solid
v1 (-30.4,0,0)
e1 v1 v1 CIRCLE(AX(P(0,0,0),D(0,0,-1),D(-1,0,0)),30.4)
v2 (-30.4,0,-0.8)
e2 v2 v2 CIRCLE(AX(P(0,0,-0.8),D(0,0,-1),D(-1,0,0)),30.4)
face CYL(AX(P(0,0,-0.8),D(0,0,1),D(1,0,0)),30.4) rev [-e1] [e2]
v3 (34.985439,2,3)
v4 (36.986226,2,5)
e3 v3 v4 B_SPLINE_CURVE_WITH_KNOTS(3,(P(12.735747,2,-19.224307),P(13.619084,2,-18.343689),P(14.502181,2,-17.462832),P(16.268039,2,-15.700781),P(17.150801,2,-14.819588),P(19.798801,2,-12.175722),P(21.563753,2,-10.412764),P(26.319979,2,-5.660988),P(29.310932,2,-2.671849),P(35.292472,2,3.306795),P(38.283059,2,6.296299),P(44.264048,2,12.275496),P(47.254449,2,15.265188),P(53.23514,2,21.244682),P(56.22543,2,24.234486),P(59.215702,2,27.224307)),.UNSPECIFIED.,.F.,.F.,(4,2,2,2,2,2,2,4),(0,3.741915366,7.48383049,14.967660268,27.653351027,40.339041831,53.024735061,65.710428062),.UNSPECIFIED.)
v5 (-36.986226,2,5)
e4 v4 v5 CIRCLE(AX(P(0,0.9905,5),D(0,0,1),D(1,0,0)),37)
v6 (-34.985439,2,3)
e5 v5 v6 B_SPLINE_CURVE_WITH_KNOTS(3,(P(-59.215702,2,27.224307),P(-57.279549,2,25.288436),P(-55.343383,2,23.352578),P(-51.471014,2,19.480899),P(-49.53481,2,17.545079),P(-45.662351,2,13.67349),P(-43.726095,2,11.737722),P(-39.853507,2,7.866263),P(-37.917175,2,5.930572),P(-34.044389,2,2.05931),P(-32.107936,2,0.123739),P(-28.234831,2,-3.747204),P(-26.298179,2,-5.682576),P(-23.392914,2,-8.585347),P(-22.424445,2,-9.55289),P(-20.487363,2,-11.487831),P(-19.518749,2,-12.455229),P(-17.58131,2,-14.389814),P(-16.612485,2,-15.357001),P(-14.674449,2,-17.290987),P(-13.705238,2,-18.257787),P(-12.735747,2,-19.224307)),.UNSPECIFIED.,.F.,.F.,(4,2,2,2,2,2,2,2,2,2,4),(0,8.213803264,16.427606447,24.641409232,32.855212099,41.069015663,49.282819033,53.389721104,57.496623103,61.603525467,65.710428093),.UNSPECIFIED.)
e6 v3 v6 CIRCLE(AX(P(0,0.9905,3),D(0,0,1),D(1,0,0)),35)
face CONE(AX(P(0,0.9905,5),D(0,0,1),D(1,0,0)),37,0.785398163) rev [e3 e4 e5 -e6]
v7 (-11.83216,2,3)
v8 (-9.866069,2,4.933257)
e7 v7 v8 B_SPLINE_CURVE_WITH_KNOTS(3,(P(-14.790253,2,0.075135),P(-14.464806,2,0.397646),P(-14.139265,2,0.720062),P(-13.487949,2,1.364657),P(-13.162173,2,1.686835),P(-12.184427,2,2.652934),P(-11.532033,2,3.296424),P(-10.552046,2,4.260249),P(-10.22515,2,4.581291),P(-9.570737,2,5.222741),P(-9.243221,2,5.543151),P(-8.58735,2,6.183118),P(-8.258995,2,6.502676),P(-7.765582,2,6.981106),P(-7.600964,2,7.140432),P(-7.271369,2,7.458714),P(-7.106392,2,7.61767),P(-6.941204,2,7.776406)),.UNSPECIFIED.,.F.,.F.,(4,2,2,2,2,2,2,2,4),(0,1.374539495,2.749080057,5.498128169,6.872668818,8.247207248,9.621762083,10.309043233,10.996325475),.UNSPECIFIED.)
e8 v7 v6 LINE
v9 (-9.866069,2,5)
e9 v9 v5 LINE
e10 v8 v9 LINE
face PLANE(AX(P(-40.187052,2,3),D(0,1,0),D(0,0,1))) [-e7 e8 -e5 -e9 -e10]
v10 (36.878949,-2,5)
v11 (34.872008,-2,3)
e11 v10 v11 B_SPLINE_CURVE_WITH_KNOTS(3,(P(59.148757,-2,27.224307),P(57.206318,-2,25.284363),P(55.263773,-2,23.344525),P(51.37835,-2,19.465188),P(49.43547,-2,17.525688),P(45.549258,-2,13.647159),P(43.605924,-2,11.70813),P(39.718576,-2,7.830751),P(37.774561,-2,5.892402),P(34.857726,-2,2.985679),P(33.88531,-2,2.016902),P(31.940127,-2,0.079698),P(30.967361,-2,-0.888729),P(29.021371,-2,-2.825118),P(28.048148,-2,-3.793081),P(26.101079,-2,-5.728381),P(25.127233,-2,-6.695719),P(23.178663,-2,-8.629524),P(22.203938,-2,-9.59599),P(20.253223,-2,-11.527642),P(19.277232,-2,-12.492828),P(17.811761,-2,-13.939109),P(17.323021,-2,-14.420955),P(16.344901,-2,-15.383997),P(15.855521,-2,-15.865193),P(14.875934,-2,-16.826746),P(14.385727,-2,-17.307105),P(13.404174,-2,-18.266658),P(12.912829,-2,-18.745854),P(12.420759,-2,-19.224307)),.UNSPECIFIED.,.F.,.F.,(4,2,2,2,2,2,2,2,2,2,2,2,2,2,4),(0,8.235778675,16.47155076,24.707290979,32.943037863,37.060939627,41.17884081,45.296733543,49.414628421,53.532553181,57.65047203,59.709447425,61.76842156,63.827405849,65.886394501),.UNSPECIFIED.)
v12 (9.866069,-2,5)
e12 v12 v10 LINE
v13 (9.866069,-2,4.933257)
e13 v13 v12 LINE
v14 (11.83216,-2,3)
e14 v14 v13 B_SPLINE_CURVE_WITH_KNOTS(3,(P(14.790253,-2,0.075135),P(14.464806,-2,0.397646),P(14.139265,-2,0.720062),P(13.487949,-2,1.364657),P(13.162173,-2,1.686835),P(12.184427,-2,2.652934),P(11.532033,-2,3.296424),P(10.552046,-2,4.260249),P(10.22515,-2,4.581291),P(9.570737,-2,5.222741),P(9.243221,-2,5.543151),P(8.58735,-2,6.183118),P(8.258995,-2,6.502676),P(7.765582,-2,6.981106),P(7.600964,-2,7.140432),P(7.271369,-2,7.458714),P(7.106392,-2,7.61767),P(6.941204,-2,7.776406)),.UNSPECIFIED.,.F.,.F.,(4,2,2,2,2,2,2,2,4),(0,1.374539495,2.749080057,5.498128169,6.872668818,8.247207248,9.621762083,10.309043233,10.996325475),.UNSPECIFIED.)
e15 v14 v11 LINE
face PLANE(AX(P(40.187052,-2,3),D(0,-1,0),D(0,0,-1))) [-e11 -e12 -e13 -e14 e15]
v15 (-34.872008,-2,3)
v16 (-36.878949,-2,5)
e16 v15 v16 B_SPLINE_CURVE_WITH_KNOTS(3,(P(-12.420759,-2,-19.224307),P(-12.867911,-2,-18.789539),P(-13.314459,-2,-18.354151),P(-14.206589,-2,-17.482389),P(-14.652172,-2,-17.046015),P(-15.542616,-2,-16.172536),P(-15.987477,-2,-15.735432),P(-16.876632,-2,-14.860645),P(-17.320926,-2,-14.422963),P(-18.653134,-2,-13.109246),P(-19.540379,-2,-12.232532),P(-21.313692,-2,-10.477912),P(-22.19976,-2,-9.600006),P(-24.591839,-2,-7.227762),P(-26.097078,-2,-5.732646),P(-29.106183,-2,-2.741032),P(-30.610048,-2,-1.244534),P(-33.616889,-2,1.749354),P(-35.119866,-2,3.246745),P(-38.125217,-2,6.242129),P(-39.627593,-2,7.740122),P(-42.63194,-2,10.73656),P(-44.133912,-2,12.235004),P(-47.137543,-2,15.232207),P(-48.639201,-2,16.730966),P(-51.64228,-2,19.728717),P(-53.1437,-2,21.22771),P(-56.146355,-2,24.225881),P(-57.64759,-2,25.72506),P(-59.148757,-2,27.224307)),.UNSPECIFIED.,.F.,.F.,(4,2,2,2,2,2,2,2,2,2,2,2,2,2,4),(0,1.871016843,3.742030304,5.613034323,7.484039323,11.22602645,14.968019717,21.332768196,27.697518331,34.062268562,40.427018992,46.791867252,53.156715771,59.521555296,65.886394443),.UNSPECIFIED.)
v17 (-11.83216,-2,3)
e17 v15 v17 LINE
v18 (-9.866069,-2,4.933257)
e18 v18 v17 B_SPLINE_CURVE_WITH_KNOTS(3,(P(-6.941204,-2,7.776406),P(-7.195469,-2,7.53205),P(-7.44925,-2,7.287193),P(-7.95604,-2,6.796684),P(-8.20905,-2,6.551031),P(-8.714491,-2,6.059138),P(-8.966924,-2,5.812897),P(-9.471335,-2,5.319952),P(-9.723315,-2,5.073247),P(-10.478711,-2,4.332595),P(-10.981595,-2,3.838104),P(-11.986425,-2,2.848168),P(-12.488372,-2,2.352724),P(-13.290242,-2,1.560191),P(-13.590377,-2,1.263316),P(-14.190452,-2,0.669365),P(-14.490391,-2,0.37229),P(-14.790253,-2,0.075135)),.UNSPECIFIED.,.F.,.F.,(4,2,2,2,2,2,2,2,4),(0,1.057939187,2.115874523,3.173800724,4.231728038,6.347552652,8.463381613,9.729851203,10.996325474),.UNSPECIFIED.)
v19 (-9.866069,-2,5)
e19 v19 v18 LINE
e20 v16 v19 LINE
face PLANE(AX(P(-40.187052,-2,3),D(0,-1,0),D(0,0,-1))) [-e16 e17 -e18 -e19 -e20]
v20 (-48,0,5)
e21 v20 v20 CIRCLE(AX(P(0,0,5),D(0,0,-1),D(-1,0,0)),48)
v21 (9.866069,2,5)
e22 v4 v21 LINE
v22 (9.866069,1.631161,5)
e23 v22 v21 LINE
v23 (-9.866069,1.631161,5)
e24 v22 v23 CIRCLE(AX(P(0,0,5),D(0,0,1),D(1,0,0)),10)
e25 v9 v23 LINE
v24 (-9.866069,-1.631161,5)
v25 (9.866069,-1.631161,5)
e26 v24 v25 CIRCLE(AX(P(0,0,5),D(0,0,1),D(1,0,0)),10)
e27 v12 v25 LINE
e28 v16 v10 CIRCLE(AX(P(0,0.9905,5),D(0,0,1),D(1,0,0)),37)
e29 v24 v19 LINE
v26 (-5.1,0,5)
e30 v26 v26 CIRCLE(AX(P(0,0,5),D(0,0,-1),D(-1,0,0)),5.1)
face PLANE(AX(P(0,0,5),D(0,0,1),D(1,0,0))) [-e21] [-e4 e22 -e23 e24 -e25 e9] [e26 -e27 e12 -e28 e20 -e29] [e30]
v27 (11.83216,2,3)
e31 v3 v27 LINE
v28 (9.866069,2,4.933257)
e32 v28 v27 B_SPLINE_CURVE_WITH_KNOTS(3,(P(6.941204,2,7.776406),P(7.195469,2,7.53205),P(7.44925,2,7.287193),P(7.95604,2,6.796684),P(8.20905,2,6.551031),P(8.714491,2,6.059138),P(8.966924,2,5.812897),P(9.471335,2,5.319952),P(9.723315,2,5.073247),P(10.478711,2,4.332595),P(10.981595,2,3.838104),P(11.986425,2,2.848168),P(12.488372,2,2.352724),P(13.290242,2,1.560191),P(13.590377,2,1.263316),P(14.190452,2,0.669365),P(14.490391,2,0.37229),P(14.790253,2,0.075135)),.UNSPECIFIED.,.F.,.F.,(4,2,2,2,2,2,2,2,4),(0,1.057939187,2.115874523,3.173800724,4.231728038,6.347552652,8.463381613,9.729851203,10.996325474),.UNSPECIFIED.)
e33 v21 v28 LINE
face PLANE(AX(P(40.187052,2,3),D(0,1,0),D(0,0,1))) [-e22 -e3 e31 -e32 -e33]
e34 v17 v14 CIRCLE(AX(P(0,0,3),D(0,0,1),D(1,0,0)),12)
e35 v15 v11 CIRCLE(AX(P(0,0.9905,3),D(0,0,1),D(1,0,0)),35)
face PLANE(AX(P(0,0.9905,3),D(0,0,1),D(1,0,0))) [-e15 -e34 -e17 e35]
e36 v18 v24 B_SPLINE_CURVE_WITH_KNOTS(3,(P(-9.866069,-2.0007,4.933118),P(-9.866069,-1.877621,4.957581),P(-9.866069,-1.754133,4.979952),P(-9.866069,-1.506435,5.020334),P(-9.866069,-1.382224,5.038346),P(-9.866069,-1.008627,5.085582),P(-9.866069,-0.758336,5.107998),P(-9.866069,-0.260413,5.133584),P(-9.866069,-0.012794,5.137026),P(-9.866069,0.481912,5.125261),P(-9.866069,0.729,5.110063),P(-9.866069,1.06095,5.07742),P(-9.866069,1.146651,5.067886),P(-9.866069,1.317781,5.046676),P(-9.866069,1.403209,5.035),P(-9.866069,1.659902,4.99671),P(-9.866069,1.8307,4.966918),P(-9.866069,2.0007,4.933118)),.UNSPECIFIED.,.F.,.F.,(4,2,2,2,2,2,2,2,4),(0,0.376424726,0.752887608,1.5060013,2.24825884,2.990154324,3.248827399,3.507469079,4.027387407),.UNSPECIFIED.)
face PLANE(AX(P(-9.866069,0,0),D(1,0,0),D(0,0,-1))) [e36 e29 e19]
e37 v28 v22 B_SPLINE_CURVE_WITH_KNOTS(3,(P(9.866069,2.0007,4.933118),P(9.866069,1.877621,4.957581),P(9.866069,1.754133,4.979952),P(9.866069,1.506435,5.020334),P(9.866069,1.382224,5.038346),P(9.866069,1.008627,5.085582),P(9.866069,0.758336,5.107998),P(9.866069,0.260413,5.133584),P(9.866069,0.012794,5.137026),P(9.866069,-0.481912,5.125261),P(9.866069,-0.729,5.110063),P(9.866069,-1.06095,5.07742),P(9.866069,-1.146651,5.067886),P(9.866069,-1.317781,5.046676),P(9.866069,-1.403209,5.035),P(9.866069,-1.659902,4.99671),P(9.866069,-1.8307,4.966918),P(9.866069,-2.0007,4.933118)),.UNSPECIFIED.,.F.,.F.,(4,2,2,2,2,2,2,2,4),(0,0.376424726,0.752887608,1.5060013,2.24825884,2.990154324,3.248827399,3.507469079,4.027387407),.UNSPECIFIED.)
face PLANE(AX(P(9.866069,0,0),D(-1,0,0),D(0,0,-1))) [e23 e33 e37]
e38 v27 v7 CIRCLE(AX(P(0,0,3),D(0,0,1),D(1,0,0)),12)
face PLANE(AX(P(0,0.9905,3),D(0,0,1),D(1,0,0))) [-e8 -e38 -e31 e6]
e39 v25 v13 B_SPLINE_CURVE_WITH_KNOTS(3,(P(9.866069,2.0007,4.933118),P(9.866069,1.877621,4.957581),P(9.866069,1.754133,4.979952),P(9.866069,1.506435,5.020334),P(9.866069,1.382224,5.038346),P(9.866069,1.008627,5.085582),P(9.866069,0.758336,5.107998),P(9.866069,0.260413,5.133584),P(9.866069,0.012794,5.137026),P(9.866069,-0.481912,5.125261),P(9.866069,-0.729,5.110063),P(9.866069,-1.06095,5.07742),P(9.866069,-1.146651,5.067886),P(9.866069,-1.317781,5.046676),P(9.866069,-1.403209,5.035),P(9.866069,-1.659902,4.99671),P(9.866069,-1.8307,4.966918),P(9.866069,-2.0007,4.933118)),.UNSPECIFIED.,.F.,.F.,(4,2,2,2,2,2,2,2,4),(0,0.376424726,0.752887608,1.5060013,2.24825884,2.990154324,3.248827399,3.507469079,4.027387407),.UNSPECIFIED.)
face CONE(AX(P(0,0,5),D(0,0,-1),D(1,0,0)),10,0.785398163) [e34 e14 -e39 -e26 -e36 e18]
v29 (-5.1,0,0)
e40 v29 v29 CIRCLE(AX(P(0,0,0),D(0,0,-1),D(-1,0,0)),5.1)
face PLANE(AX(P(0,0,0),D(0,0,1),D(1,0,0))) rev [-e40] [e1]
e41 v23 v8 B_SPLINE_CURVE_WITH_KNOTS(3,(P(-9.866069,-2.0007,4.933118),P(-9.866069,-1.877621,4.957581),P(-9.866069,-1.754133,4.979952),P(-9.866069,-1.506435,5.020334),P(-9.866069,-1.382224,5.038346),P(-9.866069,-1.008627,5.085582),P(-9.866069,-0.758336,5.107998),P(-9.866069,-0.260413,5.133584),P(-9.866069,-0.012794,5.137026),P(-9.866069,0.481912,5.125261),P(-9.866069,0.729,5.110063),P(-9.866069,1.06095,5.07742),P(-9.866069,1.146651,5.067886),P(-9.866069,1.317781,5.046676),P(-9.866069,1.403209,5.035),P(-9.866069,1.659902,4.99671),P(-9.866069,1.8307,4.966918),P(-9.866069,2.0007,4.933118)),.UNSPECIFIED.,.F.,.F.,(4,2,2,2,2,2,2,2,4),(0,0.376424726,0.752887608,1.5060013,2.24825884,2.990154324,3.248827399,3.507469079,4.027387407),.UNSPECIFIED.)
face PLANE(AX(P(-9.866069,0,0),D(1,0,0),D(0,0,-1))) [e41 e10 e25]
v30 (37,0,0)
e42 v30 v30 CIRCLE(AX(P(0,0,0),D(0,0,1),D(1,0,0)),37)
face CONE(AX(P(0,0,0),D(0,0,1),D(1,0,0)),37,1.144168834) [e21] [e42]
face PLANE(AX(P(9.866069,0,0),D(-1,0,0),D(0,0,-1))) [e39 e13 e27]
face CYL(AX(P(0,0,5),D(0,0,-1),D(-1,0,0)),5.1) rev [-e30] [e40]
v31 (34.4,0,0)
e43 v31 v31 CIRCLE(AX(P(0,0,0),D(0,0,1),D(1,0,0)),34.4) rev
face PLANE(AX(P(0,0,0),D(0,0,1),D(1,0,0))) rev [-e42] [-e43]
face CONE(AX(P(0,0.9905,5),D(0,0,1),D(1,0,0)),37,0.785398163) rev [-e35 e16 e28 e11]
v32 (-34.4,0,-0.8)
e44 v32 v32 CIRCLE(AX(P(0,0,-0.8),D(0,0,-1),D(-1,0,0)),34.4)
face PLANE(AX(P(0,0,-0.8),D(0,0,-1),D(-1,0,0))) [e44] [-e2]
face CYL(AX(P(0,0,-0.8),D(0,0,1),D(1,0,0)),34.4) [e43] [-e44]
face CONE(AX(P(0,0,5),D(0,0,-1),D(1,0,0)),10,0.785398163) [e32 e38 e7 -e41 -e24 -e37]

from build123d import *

# Parameters (mm, degrees)
SKETCH_1_R               = 37
EXTRUDE_1_DEPTH          = 5
SKETCH_4_R               = 34.4
SKETCH_4_R_2             = 30.4
EXTRUDE_2_DEPTH          = 0.8
SKETCH_5_R               = 5.1
CUT_EXTRUDE_1_DEPTH      = 69.066144301
SKETCH_6_R               = 37
SKETCH_6_R_2             = 10
CUT_EXTRUDE_2_DEPTH      = 2
CUT_EXTRUDE_2_DRAFT      = -45
SKETCH_7_W               = 25.320983541
SKETCH_7_H               = 4
EXTRUDE_3_DEPTH          = 2
SKETCH_9_W               = 2
SKETCH_9_H               = 4
EXTRUDE_5_DEPTH          = 5
PATTERN_CIRCULAR_1_COUNT = 2


with BuildPart() as part:
    # 스케치1 → 보스-돌출1 (new body)
    with BuildSketch(Plane.XY):
        Circle(SKETCH_1_R)
    extrude(amount=EXTRUDE_1_DEPTH)

    # 스케치3 → 회전1 (revolve)
    with BuildSketch(Plane(origin=(0, 0, 0), x_dir=(1, 0, 0), z_dir=(0, 1, 0)), mode=Mode.PRIVATE) as revolve_1_sk:
        Polygon((-37, -5), (-37, 0), (-48, -5), align=None)
    revolve(revolve_1_sk.sketch.rotate(Axis((0, 0, -6.462572401), (0, 0, 1)), 180), axis=Axis((0, 0, -6.462572401), (0, 0, 1)))

    # 스케치4 → 보스-돌출2 (add)
    with BuildSketch(Plane(origin=(0, 0, 0), x_dir=(-1, 0, 0), z_dir=(0, 0, -1))):
        with Locations(Location((0, 0, 0), (0, 0, 180))):
            Circle(SKETCH_4_R)
        Circle(SKETCH_4_R_2, mode=Mode.SUBTRACT)
    extrude(amount=EXTRUDE_2_DEPTH)

    # 스케치5 → 컷-돌출1 (cut, through all)
    with BuildSketch(Plane(origin=(0, 0, 0), x_dir=(-1, 0, 0), z_dir=(0, 0, -1))):
        Circle(SKETCH_5_R)
    extrude(amount=-CUT_EXTRUDE_1_DEPTH, mode=Mode.SUBTRACT)


with BuildPart() as cut_extrude_2_tool:
    # 스케치6 → 컷-돌출2 (with draft: the straight prism first)
    with BuildSketch(Plane.XY.offset(5)):
        with Locations((0, 0.990500037)):
            Circle(SKETCH_6_R)
        Circle(SKETCH_6_R_2, mode=Mode.SUBTRACT)
    extrude(amount=-CUT_EXTRUDE_2_DEPTH)
    # 컷-돌출2: the draft: its side faces are tilted about the plane it starts from
    cut_extrude_2_sides = [cut_extrude_2_tool.faces().sort_by_distance(p)[0] for p in [
        (-37, 0.990500037, 4),
        (-10, 0, 4),
    ]]
    draft(cut_extrude_2_sides, Plane.XY.offset(5), CUT_EXTRUDE_2_DRAFT)


with BuildPart() as part_1:
    add(part.part)

    # 컷-돌출2: cut by cut_extrude_2_tool
    add(cut_extrude_2_tool.part, mode=Mode.SUBTRACT)

    # 스케치7 → 보스-돌출3 (add)
    with BuildSketch(Plane.XY.offset(5)):
        with Locations((-27.526560518, 0)):
            Rectangle(SKETCH_7_W, SKETCH_7_H)
    extrude_3 = extrude(amount=-EXTRUDE_3_DEPTH)

    # 스케치9 → 보스-돌출5 (add)
    with BuildSketch(Plane(origin=(-14.866068747, 0, 0), x_dir=(0, 0, -1), z_dir=(1, 0, 0))):
        with Locations((-4, 0)):
            Rectangle(SKETCH_9_W, SKETCH_9_H)
    extrude_5 = extrude(amount=EXTRUDE_5_DEPTH)

    # 원형 패턴1: 보스-돌출3, 보스-돌출5 ×2 about axis
    pattern_circular_1_axis = Axis((0, 0, 0), (0, 0, 1))
    add([extrude_3.rotate(pattern_circular_1_axis, i * 360 / PATTERN_CIRCULAR_1_COUNT) for i in range(1, PATTERN_CIRCULAR_1_COUNT)])
    add([extrude_5.rotate(pattern_circular_1_axis, i * 360 / PATTERN_CIRCULAR_1_COUNT) for i in range(1, PATTERN_CIRCULAR_1_COUNT)])


solid = part_1.part
